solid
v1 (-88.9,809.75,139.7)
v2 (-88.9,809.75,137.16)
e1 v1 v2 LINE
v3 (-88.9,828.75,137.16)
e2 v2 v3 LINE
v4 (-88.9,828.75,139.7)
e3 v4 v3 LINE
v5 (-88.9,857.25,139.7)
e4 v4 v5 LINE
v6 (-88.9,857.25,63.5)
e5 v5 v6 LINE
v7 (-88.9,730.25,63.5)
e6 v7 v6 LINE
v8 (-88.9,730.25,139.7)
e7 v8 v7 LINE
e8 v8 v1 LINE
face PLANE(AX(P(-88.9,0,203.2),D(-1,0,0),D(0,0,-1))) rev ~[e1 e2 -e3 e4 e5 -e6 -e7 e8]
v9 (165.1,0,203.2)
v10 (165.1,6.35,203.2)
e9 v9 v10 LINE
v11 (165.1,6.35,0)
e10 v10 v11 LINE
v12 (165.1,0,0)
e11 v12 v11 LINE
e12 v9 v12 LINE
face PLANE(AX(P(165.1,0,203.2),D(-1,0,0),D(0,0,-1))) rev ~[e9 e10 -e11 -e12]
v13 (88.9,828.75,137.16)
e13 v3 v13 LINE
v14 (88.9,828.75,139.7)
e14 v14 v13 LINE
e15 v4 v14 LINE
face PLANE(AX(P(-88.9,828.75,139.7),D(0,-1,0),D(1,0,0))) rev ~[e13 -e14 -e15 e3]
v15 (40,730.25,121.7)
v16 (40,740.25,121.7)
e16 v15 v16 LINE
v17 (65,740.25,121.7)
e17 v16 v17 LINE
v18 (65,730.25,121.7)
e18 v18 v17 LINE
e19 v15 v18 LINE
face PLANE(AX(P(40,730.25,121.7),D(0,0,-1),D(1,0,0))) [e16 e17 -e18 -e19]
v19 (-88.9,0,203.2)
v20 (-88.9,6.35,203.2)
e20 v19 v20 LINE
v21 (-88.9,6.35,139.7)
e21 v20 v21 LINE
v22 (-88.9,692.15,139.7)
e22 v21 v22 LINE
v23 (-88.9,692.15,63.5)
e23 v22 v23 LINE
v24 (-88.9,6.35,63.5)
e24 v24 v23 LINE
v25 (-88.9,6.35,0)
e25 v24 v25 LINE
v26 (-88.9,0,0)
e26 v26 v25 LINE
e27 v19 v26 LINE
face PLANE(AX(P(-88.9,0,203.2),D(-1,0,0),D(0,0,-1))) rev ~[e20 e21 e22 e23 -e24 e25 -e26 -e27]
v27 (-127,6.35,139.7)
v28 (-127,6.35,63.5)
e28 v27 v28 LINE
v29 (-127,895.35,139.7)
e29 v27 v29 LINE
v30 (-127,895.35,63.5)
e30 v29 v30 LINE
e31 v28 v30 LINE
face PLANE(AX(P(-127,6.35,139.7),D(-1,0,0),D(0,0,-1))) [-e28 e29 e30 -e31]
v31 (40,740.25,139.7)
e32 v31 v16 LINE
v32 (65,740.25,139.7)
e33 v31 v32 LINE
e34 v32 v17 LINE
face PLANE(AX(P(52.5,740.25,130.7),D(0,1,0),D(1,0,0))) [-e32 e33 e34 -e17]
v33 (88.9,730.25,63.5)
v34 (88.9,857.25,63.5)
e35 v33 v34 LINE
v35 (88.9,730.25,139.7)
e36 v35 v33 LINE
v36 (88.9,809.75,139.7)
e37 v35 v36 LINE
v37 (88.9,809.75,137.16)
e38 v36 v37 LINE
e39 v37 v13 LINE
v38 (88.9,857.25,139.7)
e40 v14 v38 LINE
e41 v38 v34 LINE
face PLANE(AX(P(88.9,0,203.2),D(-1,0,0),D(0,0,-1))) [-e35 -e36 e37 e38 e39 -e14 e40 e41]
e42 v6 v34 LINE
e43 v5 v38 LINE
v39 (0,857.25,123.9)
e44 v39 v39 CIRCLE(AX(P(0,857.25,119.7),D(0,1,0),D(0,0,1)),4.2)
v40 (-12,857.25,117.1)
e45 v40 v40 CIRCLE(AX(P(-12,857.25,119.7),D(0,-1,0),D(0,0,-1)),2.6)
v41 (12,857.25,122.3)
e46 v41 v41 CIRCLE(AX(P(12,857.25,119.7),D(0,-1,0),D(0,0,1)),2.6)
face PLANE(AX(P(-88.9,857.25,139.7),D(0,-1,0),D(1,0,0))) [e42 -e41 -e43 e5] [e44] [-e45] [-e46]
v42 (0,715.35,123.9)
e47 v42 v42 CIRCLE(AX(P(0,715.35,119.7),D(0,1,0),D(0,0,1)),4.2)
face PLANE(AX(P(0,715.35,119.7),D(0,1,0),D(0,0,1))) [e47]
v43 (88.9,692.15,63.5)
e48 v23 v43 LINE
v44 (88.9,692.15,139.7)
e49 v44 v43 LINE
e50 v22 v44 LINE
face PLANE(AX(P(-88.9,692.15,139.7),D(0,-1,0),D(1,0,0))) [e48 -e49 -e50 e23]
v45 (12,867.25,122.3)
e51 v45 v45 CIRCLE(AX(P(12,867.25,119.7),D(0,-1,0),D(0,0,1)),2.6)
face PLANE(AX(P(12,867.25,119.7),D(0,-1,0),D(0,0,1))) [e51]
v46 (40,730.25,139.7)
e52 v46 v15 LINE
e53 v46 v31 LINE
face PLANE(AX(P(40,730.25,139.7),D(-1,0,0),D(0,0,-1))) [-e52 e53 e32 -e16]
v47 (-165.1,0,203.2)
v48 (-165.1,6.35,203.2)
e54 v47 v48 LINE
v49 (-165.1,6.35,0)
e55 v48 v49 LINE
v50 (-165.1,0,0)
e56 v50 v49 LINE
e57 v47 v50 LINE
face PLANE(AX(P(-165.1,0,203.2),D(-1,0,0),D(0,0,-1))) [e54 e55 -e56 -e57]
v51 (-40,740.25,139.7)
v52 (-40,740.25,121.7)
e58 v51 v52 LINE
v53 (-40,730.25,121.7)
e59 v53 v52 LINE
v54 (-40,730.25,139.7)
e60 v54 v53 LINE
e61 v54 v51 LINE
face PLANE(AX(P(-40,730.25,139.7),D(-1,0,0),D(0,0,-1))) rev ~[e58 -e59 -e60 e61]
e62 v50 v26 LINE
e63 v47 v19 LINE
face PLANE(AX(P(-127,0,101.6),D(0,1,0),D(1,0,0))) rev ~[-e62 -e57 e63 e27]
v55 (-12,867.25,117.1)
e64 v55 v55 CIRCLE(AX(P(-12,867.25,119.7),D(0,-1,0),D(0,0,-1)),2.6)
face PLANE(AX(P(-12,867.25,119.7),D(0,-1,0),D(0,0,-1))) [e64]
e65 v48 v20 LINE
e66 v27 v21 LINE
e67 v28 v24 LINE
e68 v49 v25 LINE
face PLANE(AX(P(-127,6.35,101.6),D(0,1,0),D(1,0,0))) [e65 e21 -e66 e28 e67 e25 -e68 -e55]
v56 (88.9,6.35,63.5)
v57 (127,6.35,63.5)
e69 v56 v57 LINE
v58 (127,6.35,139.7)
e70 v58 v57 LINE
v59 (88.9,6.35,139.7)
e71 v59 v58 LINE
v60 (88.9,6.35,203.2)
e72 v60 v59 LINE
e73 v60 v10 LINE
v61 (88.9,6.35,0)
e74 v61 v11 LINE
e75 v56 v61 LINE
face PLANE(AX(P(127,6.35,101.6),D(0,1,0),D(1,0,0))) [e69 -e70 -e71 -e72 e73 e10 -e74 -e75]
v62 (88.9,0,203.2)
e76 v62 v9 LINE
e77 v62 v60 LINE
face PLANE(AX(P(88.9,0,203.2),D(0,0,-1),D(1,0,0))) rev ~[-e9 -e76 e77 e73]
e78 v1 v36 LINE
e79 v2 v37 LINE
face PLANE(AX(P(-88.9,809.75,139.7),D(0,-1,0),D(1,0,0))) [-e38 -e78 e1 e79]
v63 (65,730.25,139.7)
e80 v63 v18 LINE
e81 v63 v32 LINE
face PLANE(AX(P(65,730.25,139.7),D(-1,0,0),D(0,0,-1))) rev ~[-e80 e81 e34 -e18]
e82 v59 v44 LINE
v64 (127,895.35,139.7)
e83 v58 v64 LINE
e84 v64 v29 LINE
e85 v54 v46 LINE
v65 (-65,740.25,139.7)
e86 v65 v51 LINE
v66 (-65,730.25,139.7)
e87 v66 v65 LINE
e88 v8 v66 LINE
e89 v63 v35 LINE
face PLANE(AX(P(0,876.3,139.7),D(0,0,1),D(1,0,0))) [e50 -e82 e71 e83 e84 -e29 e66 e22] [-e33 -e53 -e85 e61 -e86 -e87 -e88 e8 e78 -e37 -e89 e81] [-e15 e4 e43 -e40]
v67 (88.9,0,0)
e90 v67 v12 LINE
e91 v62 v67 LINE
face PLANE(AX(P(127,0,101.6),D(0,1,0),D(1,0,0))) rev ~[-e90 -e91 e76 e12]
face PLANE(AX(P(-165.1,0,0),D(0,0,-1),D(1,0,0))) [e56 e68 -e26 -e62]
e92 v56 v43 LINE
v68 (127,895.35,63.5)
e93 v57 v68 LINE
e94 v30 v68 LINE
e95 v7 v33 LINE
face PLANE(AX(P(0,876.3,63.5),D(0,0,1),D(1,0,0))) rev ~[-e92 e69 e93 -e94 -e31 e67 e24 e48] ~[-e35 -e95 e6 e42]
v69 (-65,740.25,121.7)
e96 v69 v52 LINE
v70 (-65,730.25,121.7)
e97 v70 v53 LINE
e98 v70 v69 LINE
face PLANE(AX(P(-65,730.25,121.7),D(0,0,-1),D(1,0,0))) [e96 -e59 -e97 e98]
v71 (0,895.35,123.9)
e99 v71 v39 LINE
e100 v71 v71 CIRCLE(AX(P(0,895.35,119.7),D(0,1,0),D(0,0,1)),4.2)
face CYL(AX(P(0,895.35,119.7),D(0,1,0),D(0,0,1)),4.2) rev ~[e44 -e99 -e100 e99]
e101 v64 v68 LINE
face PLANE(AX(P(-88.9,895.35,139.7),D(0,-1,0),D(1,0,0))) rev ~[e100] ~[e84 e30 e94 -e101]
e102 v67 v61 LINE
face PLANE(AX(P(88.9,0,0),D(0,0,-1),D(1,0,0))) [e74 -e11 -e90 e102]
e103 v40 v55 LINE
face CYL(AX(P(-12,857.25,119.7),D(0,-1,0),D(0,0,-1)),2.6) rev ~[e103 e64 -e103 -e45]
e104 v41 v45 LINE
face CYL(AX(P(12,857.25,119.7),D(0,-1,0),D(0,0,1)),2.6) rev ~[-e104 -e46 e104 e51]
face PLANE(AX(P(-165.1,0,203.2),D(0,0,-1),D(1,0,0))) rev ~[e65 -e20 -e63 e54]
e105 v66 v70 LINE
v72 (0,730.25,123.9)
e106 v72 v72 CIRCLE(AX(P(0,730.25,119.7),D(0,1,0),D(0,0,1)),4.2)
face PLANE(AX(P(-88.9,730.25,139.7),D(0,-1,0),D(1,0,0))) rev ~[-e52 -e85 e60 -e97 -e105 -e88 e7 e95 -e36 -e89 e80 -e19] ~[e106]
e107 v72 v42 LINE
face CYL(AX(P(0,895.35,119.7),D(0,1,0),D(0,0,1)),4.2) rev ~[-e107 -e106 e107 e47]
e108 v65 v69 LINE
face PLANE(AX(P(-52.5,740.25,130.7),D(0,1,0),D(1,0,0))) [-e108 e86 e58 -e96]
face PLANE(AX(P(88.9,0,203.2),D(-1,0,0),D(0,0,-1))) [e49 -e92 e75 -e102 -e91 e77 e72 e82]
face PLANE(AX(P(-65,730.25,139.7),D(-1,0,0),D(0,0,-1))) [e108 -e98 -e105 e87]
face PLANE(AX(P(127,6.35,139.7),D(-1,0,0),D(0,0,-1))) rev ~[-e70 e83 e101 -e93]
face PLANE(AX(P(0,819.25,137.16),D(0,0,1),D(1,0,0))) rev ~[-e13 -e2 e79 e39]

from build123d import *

# Parameters (mm, degrees)
SKETCH1_W             = 76.2
SKETCH1_H             = 203.2
BOSS_EXTRUDE1_DEPTH   = 6.35
BOSS_EXTRUDE1_2_DEPTH = 6.35
SKETCH2_W             = 38.1
SKETCH2_H             = 76.2
BOSS_EXTRUDE2_DEPTH   = 889
SKETCH3_W             = 177.8
SKETCH3_H             = 38.1
BOSS_EXTRUDE3_DEPTH   = 76.2
SKETCH4_R             = 4.2
CUT_EXTRUDE1_DEPTH    = 180
SKETCH5_R             = 2.6
CUT_EXTRUDE2_DEPTH    = 10
SKETCH6_W             = 25
SKETCH6_H             = 18
BOSS_EXTRUDE4_DEPTH   = 10
SKETCH7_W             = 177.8
SKETCH7_H             = 19
BOSS_EXTRUDE5_DEPTH   = 2.54


with BuildPart() as part:
    # Sketch1 → Boss-Extrude1 (new body)
    with BuildSketch(Plane(origin=(0, 0, 0), x_dir=(1, 0, 0), z_dir=(0, 1, 0))):
        with Locations((127, -101.6)):
            Rectangle(SKETCH1_W, SKETCH1_H)
    extrude(amount=BOSS_EXTRUDE1_DEPTH)



with BuildPart() as body_2:
    # Sketch1 → Boss-Extrude1 2 (new body)
    with BuildSketch(Plane(origin=(0, 0, 0), x_dir=(1, 0, 0), z_dir=(0, 1, 0))):
        with Locations((-127, -101.6)):
            Rectangle(SKETCH1_W, SKETCH1_H)
    extrude(amount=BOSS_EXTRUDE1_2_DEPTH)


with BuildPart() as part_1:
    add(part.part)

    add(body_2.part)  # Boss-Extrude2 merges body 2
    # Sketch2 → Boss-Extrude2 (add)
    with BuildSketch(Plane(origin=(0, 6.35, 0), x_dir=(1, 0, 0), z_dir=(0, 1, 0))):
        with Locations((-107.95, -101.6)):
            Rectangle(SKETCH2_W, SKETCH2_H)
        with Locations((107.95, -101.6)):
            Rectangle(SKETCH2_W, SKETCH2_H)
    extrude(amount=BOSS_EXTRUDE2_DEPTH)

    # Sketch3 → Boss-Extrude3 (add)
    with BuildSketch(Plane.XY.offset(139.7)):
        with Locations((0, 876.3)):
            Rectangle(SKETCH3_W, SKETCH3_H)
        with Locations((0, 711.2)):
            Rectangle(SKETCH3_W, SKETCH3_H)
    extrude(amount=-BOSS_EXTRUDE3_DEPTH)

    # Sketch4 → Cut-Extrude1 (cut)
    with BuildSketch(Plane(origin=(0, 895.35, 0), x_dir=(1, 0, 0), z_dir=(0, 1, 0))):
        with Locations(Location((0, -119.7, 0), (0, 0, 270))):
            Circle(SKETCH4_R)
    extrude(amount=-CUT_EXTRUDE1_DEPTH, mode=Mode.SUBTRACT)

    # Sketch5 → Cut-Extrude2 (cut)
    with BuildSketch(Plane.XZ.offset(-857.25)):
        with Locations(Location((-12, 119.7, 0), (0, 0, 270))):
            Circle(SKETCH5_R)
        with Locations(Location((12, 119.7, 0), (0, 0, 90))):
            Circle(SKETCH5_R)
    extrude(amount=-CUT_EXTRUDE2_DEPTH, mode=Mode.SUBTRACT)

    # Sketch6 → Boss-Extrude4 (add)
    with BuildSketch(Plane(origin=(0, 730.25, 0), x_dir=(1, 0, 0), z_dir=(0, 1, 0))):
        with Locations((52.5, -130.7)):
            Rectangle(SKETCH6_W, SKETCH6_H)
        with Locations((-52.5, -130.7)):
            Rectangle(SKETCH6_W, SKETCH6_H)
    extrude(amount=BOSS_EXTRUDE4_DEPTH)

    # Sketch7 → Boss-Extrude5 (add)
    with BuildSketch(Plane.XY.offset(139.7)):
        with Locations((0, 819.25)):
            Rectangle(SKETCH7_W, SKETCH7_H)
    extrude(amount=-BOSS_EXTRUDE5_DEPTH)


solid = part_1.part
